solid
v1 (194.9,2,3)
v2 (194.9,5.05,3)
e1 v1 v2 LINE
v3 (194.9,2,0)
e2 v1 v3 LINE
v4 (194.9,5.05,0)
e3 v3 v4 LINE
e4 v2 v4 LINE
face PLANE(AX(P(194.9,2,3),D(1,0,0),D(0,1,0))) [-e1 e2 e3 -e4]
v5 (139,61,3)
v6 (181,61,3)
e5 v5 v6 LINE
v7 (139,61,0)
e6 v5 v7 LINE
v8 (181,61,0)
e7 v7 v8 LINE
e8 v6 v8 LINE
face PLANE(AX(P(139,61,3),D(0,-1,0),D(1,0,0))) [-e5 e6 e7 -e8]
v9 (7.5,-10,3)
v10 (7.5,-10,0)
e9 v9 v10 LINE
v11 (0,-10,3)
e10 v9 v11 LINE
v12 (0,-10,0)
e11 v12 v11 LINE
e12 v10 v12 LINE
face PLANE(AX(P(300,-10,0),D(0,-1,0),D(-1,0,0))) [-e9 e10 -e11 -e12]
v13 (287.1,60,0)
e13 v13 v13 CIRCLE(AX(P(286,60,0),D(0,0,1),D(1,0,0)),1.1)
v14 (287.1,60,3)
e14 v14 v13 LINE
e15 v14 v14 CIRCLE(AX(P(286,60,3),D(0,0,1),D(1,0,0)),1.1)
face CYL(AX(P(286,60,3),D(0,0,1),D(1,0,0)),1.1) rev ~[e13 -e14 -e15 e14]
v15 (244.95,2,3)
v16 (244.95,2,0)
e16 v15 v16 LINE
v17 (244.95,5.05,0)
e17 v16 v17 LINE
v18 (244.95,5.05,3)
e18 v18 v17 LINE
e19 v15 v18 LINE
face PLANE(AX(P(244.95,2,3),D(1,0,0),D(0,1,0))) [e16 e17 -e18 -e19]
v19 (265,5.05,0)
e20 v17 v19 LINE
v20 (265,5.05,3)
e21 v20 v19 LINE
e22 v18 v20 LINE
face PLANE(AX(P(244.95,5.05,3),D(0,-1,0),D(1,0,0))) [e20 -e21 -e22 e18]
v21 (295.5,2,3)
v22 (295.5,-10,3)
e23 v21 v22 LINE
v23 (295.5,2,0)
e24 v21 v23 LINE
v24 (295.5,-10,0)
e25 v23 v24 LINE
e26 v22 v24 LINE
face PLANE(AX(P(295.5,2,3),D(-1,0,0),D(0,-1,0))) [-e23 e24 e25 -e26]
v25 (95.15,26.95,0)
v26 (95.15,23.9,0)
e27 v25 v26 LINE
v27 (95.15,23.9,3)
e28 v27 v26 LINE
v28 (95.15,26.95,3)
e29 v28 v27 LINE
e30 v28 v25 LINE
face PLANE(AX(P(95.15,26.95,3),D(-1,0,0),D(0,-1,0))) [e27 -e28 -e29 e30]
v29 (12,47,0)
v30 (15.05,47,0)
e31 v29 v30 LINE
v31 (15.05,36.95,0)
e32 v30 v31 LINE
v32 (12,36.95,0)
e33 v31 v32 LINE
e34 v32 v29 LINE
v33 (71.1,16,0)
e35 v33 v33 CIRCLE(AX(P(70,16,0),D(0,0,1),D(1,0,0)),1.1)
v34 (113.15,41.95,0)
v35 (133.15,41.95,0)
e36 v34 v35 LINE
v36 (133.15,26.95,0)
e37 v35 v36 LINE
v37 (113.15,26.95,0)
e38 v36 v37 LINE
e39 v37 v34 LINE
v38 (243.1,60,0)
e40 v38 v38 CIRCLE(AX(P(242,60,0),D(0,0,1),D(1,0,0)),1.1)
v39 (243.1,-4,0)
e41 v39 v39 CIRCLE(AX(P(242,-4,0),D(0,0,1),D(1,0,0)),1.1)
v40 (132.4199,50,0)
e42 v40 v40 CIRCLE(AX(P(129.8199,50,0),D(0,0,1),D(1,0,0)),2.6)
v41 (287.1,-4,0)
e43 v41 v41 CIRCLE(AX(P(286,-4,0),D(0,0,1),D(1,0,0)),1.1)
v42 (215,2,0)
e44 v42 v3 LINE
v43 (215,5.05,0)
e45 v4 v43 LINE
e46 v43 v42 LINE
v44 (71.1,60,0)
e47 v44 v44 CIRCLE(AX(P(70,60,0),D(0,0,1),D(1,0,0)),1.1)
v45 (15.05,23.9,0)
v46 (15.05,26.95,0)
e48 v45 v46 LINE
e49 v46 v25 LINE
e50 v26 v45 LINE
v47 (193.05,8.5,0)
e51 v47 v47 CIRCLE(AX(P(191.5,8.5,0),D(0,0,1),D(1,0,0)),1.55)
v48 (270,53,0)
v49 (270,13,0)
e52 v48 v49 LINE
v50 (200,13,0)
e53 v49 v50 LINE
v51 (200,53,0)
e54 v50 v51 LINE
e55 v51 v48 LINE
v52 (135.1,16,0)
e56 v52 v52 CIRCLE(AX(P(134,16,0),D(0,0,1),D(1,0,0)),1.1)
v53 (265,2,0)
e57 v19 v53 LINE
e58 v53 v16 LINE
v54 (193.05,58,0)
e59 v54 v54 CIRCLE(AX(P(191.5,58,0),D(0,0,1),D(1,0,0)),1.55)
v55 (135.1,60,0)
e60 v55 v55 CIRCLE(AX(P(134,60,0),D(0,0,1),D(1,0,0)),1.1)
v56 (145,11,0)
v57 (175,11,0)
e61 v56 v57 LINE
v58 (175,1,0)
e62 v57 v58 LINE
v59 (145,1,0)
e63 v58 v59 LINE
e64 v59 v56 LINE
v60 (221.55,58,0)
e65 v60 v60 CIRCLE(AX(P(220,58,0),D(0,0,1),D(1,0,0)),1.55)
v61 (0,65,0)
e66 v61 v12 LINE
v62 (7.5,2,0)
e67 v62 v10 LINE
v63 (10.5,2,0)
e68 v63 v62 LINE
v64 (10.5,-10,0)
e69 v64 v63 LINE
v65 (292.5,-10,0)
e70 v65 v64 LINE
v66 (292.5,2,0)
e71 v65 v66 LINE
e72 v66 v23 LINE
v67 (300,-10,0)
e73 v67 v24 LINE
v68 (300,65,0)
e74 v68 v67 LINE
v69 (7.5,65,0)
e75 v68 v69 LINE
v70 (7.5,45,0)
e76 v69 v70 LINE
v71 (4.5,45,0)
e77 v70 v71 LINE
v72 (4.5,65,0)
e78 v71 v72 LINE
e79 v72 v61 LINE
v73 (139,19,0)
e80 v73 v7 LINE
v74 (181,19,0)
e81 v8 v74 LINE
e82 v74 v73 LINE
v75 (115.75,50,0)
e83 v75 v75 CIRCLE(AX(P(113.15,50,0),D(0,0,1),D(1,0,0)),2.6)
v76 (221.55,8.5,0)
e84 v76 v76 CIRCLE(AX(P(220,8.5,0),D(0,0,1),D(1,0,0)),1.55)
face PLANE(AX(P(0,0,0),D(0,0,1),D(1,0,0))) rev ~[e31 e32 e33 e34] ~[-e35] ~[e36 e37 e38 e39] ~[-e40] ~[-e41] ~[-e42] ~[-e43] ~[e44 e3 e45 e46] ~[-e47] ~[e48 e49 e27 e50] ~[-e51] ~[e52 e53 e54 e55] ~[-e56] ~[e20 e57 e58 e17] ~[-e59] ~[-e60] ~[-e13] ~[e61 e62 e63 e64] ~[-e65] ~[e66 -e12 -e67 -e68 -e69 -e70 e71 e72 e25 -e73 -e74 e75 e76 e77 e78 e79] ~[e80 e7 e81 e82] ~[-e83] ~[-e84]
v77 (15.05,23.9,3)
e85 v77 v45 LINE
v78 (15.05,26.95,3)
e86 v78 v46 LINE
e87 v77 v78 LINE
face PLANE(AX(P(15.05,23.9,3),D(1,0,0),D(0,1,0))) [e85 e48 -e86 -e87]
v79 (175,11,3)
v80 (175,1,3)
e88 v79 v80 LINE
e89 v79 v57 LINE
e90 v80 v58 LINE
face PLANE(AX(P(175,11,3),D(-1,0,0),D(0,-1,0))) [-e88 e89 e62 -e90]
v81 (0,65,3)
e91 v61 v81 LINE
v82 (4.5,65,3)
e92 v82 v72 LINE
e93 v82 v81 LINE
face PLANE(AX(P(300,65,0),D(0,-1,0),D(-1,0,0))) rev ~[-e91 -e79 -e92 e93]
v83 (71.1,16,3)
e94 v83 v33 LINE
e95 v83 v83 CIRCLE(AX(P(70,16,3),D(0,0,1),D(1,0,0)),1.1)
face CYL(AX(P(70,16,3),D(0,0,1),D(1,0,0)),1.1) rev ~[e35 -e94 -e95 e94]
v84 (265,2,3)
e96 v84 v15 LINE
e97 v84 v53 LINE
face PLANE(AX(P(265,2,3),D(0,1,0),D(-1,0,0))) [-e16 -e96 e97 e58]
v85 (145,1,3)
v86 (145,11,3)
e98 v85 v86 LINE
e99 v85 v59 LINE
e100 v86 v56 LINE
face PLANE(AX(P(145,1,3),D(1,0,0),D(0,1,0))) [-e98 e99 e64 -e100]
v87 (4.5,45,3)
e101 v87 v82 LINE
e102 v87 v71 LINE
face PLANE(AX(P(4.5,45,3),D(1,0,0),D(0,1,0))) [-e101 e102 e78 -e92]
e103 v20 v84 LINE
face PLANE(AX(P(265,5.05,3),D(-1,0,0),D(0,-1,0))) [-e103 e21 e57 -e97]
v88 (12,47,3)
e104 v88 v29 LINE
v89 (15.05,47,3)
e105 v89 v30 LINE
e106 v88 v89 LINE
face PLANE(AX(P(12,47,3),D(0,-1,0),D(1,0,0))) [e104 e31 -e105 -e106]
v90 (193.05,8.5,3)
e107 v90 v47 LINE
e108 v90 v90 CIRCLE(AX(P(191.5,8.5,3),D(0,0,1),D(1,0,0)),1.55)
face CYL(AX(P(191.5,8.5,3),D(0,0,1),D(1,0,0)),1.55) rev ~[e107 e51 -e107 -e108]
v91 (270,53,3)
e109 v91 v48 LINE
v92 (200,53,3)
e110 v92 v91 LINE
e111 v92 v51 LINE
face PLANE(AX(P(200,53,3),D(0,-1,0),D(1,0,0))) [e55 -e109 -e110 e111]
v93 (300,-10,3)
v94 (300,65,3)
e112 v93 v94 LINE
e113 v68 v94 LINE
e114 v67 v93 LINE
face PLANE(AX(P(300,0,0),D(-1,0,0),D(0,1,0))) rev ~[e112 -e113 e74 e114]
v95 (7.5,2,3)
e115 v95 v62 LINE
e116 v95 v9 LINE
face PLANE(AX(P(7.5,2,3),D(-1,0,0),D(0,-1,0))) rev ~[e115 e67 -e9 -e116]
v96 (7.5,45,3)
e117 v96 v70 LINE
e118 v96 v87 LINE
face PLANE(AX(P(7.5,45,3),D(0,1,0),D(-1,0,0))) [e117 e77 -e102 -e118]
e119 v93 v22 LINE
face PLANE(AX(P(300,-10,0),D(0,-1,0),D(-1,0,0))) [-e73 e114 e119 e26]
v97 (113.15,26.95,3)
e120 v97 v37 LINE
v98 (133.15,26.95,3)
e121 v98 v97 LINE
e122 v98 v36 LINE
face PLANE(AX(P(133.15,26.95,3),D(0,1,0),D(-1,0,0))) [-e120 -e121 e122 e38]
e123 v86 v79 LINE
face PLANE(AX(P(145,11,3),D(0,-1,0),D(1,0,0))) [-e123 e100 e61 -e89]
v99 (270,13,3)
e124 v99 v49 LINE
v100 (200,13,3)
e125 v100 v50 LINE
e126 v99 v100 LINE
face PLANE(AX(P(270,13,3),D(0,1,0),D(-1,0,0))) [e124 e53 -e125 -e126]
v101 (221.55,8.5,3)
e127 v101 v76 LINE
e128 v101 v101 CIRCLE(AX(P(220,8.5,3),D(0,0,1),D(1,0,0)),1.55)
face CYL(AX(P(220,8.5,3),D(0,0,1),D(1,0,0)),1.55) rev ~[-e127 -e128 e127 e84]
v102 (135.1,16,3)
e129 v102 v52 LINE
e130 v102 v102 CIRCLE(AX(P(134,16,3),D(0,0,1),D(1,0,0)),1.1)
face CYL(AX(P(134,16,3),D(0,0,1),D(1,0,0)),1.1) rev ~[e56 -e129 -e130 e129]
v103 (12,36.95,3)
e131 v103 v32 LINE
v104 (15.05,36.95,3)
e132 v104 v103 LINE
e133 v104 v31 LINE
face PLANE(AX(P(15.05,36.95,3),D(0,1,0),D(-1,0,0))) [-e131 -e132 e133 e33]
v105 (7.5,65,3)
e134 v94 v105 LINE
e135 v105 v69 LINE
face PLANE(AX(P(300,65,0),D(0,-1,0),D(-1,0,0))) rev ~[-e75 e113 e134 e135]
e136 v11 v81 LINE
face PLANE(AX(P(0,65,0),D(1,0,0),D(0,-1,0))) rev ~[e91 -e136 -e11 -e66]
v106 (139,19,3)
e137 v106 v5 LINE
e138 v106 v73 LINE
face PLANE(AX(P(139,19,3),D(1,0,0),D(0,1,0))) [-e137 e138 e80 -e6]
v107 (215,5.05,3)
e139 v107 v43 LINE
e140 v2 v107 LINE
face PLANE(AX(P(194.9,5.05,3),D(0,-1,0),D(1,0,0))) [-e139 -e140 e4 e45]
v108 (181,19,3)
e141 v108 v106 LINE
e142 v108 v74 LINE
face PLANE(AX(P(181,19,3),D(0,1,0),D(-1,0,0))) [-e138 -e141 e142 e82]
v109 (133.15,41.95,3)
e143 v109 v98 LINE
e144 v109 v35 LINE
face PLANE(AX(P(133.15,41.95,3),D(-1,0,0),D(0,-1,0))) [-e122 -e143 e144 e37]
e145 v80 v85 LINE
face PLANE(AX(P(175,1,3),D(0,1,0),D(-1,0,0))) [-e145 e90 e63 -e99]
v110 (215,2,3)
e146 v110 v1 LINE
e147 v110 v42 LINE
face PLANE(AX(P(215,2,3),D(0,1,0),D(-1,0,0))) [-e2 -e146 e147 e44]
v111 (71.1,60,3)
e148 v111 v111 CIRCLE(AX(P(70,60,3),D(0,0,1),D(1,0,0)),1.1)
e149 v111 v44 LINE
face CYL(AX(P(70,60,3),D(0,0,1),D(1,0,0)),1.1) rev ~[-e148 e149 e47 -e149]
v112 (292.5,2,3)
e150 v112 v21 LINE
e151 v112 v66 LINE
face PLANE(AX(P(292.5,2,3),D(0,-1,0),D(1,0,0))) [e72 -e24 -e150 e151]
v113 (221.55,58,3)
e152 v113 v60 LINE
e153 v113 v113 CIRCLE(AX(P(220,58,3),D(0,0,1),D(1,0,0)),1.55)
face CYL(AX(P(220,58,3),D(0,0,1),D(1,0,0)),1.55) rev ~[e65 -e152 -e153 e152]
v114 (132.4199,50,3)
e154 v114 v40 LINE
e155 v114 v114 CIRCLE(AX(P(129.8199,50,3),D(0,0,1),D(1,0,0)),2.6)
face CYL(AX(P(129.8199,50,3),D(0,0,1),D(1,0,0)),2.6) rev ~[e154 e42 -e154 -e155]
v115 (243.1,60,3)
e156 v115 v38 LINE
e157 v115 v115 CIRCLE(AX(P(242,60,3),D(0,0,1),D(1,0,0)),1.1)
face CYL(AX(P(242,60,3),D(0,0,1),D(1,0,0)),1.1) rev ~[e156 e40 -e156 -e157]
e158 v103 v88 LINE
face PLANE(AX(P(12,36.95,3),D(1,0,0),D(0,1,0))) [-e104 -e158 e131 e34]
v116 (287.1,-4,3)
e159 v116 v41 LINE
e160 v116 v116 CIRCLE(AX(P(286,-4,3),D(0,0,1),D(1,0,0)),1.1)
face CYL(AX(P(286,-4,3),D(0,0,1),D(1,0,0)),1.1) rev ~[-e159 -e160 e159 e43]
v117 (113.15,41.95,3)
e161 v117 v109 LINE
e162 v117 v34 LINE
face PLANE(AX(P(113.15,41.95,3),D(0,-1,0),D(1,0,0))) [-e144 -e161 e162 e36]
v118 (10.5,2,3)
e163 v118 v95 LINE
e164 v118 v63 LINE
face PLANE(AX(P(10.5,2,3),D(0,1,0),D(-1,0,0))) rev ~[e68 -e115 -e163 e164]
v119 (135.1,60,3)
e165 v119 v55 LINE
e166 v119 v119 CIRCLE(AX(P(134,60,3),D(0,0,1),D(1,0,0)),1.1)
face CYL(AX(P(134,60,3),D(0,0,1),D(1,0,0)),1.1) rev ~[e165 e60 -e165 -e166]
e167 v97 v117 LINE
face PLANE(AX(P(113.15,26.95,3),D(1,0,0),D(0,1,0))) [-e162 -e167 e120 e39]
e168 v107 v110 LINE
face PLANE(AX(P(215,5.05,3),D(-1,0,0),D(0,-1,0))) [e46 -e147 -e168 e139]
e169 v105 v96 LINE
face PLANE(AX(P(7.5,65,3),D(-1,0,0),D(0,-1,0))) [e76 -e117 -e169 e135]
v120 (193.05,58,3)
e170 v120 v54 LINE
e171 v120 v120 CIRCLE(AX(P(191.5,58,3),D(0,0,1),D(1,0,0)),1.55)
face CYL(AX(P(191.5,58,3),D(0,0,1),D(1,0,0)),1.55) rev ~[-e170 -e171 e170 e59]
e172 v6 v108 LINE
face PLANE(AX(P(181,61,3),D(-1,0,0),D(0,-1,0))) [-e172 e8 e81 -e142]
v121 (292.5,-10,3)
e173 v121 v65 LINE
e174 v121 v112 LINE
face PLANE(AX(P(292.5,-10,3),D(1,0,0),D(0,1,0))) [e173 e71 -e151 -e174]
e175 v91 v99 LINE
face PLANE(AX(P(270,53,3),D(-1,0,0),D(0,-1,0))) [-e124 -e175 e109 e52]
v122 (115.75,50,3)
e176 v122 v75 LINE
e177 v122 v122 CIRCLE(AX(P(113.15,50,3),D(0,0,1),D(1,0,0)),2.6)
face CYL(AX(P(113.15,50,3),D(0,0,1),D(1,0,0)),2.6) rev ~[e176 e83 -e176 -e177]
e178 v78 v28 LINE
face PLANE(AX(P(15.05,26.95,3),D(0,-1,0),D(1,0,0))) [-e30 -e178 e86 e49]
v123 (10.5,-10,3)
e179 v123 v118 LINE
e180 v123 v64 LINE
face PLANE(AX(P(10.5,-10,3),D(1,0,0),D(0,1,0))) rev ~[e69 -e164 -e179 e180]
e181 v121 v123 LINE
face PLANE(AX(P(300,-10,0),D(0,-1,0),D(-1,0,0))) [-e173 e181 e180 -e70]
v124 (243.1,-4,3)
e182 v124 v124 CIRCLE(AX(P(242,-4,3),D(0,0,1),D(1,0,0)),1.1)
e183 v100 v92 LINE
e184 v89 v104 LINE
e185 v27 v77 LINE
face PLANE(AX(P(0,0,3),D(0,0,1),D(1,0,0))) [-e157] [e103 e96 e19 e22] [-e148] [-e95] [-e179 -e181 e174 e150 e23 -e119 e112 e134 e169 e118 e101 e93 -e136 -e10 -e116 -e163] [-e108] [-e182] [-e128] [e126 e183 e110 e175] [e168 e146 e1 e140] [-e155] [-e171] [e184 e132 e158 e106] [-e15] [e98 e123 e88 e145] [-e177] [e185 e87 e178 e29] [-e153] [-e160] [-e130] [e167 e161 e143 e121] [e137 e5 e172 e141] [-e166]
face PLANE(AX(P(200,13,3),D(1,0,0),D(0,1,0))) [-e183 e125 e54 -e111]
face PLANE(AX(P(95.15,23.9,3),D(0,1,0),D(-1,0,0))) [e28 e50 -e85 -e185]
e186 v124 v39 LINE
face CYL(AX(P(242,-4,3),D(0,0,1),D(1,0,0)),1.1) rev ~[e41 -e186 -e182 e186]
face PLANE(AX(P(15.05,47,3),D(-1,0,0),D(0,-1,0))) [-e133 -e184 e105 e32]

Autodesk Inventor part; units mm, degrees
ref_plane "YZ Plane" through (0, 0, 0) normal (1, 0, 0) x (0, 1, 0)
ref_plane "XZ Plane" through (0, 0, 0) normal (0, 1, 0) x (-1, 0, 0)
ref_plane "XY Plane" through (0, 0, 0) normal (0, 0, 1) x (1, 0, 0)
sketch "Sketch1" plane through (0, 0, 0) normal (0, 0, 1) x (1, 0, 0)
  line L0 (0, 0) -> (300, 0)
  line L1 (300, 0) -> (300, 65)
  line L2 (300, 65) -> (0, 65)
  line L3 (0, 65) -> (0, 0)
  line L4 (0, 0) -> (300, 0)
  line L5 (300, 0) -> (300, -10)
  line L6 (300, -10) -> (0, -10)
  line L7 (0, -10) -> (0, 0)
  dimension "d0" = 300
  dimension "d1" = 65
  dimension "d2" = 10
extrude "Extrusion1" add sketch "Sketch1" along normal blind 3
sketch "Sketch3" plane through (0, 0, 3) normal (0, 0, 1) x (1, 0, 0)
  line L0 (139, 61) -> (181, 61)
  line L1 (181, 61) -> (181, 19)
  line L2 (181, 19) -> (139, 19)
  line L3 (139, 19) -> (139, 61)
  line L4 (139, 61) -> (181, 19) construction
  line L5 (181, 61) -> (139, 19) construction
  line L6 (300, -10) -> (300, 65) projected
  line L7 (300, 65) -> (0, 65) projected
  line L8 (0, 65) -> (0, -10) projected
  line L9 (145, 11) -> (175, 11)
  line L10 (175, 11) -> (175, 1)
  line L11 (175, 1) -> (145, 1)
  line L12 (145, 1) -> (145, 11)
  line L13 (145, 11) -> (175, 1) construction
  line L14 (175, 11) -> (145, 1) construction
  point P0 (0, 0)
  point P1 (160, 40)
  point P2 (160, 6)
  dimension "d12" = 25
  dimension "d13" = 42
  dimension "d14" = 42
  dimension "d19" = 160
  dimension "d57" = 8
  dimension "d58" = 30
  dimension "d59" = 10
extrude "Extrusion2" cut sketch "Sketch3" against normal blind 3
sketch "Sketch2" plane through (0, 0, 3) normal (0, 0, 1) x (1, 0, 0)
  line L0 (0, -10) -> (300, -10) projected
  line L1 (7.5, -10) -> (10.5, -10)
  line L2 (10.5, -10) -> (10.5, 2)
  line L3 (10.5, 2) -> (7.5, 2)
  line L4 (7.5, 2) -> (7.5, -10)
  line L5 (295.5, -10) -> (292.5, -10)
  line L6 (292.5, -10) -> (292.5, 2)
  line L7 (292.5, 2) -> (295.5, 2)
  line L8 (295.5, 2) -> (295.5, -10)
  line L9 (300, 65) -> (0, 65) projected
  line L10 (4.5, 65) -> (7.5, 65)
  line L11 (7.5, 65) -> (7.5, 45)
  line L12 (7.5, 45) -> (4.5, 45)
  line L13 (4.5, 45) -> (4.5, 65)
  line L14 (0, 65) -> (0, -10) projected
  point P0 (0, 0)
  point P1 (294, 2)
  dimension "d6" = 12
  dimension "d7" = 3
  dimension "d8" = 6
  dimension "d9" = 3
  dimension "d53" = 20
  dimension "d54" = 3
  dimension "d88" = 4.5
extrude "Extrusion3" cut sketch "Sketch2" against normal blind 3
sketch "Sketch4" plane through (0, 0, 3) normal (0, 0, 1) x (1, 0, 0)
  line L0 (15.05, 26.95) -> (95.15, 26.95)
  line L1 (95.15, 26.95) -> (95.15, 23.9)
  line L2 (95.15, 23.9) -> (15.05, 23.9)
  line L3 (15.05, 23.9) -> (15.05, 26.95)
  line L4 (12, 47) -> (15.05, 47)
  line L5 (15.05, 47) -> (15.05, 36.95)
  line L6 (15.05, 36.95) -> (12, 36.95)
  line L7 (12, 36.95) -> (12, 47)
  line L8 (0, 65) -> (0, -10) projected
  circle A0 centre (113.15, 50) radius 2.6
  circle A1 centre (129.8199, 50) radius 2.6
  line L9 (300, 65) -> (7.5, 65) projected
  line L10 (113.15, 41.95) -> (133.15, 41.95)
  line L11 (133.15, 41.95) -> (133.15, 26.95)
  line L12 (133.15, 26.95) -> (113.15, 26.95)
  line L13 (113.15, 26.95) -> (113.15, 41.95)
  point P0 (0, 0)
  point P1 (139, 19)
  dimension "d20" = 80.1
  dimension "d21" = 3.05
  dimension "d22" = 3.05
  dimension "d23" = 10.05
  dimension "d28" = 12
  dimension "d56" = 18
  dimension "d60" = 10
  dimension "d77" = 5.2
  dimension "d78" = 5.2
  dimension "d79" = 15
  dimension "d80" = 20
  dimension "d81" = 15
  dimension "d82" = 18
extrude "Extrusion4" cut sketch "Sketch4" against normal blind 3
sketch "Sketch5" plane through (0, 0, 3) normal (0, 0, 1) x (1, 0, 0)
  circle A0 centre (191.5, 58) radius 1.55
  circle A1 centre (220, 58) radius 1.55
  circle A2 centre (220, 8.5) radius 1.55
  circle A3 centre (191.5, 8.5) radius 1.55
  line L0 (300, -10) -> (300, 65) projected
  point P0 (0, 0)
  dimension "d31" = 28.5
  dimension "d32" = 49.5
  dimension "d33" = 3.1
  dimension "d34" = 3.1
  dimension "d35" = 3.1
  dimension "d36" = 3.1
  dimension "d37" = 80
  dimension "d38" = 7
extrude "Extrusion5" cut sketch "Sketch5" against normal blind 3
sketch "Sketch6" plane through (0, 0, 3) normal (0, 0, 1) x (1, 0, 0)
  circle A0 centre (242, 60) radius 1.1
  circle A1 centre (286, 60) radius 1.1
  circle A2 centre (286, -4) radius 1.1
  circle A3 centre (242, -4) radius 1.1
  circle A4 centre (220, 58) radius 1.55 projected
  circle A5 centre (70, 60) radius 1.1
  circle A6 centre (134, 60) radius 1.1
  circle A7 centre (134, 16) radius 1.1
  circle A8 centre (70, 16) radius 1.1
  point P0 (0, 0)
  point P1 (300, 65)
  point P2 (0, 65)
  dimension "d41" = 2.2
  dimension "d42" = 2.2
  dimension "d43" = 2.2
  dimension "d44" = 2.2
  dimension "d45" = 64
  dimension "d46" = 44
  dimension "d50" = 5
  dimension "d51" = 14
  dimension "d61" = 64
  dimension "d62" = 44
  dimension "d63" = 2.2
  dimension "d64" = 2.2
  dimension "d65" = 2.2
  dimension "d66" = 2.2
  dimension "d67" = 70
  dimension "d68" = 5
extrude "Extrusion6" cut sketch "Sketch6" against normal blind 3 contours A0 | A1 | A2 | A3 | A5 | A6 | A7 | A8
sketch "Sketch7" plane through (0, 0, 3) normal (0, 0, 1) x (1, 0, 0)
  line L0 (244.95, 5.05) -> (265, 5.05)
  line L1 (265, 5.05) -> (265, 2)
  line L2 (265, 2) -> (244.95, 2)
  line L3 (244.95, 2) -> (244.95, 5.05)
  line L4 (194.9, 5.05) -> (215, 5.05)
  line L5 (215, 5.05) -> (215, 2)
  line L6 (215, 2) -> (194.9, 2)
  line L7 (194.9, 2) -> (194.9, 5.05)
  line L8 (300, -10) -> (300, 65) projected
  line L9 (200, 53) -> (270, 53)
  line L10 (270, 53) -> (270, 13)
  line L11 (270, 13) -> (200, 13)
  line L12 (200, 13) -> (200, 53)
  line L13 (300, 65) -> (7.5, 65) projected
  point P0 (0, 0)
  dimension "d69" = 20.05
  dimension "d70" = 3.05
  dimension "d73" = 20.1
  dimension "d74" = 29.95
  dimension "d75" = 35
  dimension "d76" = 12
  dimension "d83" = 70
  dimension "d84" = 40
  dimension "d85" = 12
  dimension "d86" = 30
extrude "Extrusion7" cut sketch "Sketch7" against normal blind 3
properties part number "2ndSideboard"
